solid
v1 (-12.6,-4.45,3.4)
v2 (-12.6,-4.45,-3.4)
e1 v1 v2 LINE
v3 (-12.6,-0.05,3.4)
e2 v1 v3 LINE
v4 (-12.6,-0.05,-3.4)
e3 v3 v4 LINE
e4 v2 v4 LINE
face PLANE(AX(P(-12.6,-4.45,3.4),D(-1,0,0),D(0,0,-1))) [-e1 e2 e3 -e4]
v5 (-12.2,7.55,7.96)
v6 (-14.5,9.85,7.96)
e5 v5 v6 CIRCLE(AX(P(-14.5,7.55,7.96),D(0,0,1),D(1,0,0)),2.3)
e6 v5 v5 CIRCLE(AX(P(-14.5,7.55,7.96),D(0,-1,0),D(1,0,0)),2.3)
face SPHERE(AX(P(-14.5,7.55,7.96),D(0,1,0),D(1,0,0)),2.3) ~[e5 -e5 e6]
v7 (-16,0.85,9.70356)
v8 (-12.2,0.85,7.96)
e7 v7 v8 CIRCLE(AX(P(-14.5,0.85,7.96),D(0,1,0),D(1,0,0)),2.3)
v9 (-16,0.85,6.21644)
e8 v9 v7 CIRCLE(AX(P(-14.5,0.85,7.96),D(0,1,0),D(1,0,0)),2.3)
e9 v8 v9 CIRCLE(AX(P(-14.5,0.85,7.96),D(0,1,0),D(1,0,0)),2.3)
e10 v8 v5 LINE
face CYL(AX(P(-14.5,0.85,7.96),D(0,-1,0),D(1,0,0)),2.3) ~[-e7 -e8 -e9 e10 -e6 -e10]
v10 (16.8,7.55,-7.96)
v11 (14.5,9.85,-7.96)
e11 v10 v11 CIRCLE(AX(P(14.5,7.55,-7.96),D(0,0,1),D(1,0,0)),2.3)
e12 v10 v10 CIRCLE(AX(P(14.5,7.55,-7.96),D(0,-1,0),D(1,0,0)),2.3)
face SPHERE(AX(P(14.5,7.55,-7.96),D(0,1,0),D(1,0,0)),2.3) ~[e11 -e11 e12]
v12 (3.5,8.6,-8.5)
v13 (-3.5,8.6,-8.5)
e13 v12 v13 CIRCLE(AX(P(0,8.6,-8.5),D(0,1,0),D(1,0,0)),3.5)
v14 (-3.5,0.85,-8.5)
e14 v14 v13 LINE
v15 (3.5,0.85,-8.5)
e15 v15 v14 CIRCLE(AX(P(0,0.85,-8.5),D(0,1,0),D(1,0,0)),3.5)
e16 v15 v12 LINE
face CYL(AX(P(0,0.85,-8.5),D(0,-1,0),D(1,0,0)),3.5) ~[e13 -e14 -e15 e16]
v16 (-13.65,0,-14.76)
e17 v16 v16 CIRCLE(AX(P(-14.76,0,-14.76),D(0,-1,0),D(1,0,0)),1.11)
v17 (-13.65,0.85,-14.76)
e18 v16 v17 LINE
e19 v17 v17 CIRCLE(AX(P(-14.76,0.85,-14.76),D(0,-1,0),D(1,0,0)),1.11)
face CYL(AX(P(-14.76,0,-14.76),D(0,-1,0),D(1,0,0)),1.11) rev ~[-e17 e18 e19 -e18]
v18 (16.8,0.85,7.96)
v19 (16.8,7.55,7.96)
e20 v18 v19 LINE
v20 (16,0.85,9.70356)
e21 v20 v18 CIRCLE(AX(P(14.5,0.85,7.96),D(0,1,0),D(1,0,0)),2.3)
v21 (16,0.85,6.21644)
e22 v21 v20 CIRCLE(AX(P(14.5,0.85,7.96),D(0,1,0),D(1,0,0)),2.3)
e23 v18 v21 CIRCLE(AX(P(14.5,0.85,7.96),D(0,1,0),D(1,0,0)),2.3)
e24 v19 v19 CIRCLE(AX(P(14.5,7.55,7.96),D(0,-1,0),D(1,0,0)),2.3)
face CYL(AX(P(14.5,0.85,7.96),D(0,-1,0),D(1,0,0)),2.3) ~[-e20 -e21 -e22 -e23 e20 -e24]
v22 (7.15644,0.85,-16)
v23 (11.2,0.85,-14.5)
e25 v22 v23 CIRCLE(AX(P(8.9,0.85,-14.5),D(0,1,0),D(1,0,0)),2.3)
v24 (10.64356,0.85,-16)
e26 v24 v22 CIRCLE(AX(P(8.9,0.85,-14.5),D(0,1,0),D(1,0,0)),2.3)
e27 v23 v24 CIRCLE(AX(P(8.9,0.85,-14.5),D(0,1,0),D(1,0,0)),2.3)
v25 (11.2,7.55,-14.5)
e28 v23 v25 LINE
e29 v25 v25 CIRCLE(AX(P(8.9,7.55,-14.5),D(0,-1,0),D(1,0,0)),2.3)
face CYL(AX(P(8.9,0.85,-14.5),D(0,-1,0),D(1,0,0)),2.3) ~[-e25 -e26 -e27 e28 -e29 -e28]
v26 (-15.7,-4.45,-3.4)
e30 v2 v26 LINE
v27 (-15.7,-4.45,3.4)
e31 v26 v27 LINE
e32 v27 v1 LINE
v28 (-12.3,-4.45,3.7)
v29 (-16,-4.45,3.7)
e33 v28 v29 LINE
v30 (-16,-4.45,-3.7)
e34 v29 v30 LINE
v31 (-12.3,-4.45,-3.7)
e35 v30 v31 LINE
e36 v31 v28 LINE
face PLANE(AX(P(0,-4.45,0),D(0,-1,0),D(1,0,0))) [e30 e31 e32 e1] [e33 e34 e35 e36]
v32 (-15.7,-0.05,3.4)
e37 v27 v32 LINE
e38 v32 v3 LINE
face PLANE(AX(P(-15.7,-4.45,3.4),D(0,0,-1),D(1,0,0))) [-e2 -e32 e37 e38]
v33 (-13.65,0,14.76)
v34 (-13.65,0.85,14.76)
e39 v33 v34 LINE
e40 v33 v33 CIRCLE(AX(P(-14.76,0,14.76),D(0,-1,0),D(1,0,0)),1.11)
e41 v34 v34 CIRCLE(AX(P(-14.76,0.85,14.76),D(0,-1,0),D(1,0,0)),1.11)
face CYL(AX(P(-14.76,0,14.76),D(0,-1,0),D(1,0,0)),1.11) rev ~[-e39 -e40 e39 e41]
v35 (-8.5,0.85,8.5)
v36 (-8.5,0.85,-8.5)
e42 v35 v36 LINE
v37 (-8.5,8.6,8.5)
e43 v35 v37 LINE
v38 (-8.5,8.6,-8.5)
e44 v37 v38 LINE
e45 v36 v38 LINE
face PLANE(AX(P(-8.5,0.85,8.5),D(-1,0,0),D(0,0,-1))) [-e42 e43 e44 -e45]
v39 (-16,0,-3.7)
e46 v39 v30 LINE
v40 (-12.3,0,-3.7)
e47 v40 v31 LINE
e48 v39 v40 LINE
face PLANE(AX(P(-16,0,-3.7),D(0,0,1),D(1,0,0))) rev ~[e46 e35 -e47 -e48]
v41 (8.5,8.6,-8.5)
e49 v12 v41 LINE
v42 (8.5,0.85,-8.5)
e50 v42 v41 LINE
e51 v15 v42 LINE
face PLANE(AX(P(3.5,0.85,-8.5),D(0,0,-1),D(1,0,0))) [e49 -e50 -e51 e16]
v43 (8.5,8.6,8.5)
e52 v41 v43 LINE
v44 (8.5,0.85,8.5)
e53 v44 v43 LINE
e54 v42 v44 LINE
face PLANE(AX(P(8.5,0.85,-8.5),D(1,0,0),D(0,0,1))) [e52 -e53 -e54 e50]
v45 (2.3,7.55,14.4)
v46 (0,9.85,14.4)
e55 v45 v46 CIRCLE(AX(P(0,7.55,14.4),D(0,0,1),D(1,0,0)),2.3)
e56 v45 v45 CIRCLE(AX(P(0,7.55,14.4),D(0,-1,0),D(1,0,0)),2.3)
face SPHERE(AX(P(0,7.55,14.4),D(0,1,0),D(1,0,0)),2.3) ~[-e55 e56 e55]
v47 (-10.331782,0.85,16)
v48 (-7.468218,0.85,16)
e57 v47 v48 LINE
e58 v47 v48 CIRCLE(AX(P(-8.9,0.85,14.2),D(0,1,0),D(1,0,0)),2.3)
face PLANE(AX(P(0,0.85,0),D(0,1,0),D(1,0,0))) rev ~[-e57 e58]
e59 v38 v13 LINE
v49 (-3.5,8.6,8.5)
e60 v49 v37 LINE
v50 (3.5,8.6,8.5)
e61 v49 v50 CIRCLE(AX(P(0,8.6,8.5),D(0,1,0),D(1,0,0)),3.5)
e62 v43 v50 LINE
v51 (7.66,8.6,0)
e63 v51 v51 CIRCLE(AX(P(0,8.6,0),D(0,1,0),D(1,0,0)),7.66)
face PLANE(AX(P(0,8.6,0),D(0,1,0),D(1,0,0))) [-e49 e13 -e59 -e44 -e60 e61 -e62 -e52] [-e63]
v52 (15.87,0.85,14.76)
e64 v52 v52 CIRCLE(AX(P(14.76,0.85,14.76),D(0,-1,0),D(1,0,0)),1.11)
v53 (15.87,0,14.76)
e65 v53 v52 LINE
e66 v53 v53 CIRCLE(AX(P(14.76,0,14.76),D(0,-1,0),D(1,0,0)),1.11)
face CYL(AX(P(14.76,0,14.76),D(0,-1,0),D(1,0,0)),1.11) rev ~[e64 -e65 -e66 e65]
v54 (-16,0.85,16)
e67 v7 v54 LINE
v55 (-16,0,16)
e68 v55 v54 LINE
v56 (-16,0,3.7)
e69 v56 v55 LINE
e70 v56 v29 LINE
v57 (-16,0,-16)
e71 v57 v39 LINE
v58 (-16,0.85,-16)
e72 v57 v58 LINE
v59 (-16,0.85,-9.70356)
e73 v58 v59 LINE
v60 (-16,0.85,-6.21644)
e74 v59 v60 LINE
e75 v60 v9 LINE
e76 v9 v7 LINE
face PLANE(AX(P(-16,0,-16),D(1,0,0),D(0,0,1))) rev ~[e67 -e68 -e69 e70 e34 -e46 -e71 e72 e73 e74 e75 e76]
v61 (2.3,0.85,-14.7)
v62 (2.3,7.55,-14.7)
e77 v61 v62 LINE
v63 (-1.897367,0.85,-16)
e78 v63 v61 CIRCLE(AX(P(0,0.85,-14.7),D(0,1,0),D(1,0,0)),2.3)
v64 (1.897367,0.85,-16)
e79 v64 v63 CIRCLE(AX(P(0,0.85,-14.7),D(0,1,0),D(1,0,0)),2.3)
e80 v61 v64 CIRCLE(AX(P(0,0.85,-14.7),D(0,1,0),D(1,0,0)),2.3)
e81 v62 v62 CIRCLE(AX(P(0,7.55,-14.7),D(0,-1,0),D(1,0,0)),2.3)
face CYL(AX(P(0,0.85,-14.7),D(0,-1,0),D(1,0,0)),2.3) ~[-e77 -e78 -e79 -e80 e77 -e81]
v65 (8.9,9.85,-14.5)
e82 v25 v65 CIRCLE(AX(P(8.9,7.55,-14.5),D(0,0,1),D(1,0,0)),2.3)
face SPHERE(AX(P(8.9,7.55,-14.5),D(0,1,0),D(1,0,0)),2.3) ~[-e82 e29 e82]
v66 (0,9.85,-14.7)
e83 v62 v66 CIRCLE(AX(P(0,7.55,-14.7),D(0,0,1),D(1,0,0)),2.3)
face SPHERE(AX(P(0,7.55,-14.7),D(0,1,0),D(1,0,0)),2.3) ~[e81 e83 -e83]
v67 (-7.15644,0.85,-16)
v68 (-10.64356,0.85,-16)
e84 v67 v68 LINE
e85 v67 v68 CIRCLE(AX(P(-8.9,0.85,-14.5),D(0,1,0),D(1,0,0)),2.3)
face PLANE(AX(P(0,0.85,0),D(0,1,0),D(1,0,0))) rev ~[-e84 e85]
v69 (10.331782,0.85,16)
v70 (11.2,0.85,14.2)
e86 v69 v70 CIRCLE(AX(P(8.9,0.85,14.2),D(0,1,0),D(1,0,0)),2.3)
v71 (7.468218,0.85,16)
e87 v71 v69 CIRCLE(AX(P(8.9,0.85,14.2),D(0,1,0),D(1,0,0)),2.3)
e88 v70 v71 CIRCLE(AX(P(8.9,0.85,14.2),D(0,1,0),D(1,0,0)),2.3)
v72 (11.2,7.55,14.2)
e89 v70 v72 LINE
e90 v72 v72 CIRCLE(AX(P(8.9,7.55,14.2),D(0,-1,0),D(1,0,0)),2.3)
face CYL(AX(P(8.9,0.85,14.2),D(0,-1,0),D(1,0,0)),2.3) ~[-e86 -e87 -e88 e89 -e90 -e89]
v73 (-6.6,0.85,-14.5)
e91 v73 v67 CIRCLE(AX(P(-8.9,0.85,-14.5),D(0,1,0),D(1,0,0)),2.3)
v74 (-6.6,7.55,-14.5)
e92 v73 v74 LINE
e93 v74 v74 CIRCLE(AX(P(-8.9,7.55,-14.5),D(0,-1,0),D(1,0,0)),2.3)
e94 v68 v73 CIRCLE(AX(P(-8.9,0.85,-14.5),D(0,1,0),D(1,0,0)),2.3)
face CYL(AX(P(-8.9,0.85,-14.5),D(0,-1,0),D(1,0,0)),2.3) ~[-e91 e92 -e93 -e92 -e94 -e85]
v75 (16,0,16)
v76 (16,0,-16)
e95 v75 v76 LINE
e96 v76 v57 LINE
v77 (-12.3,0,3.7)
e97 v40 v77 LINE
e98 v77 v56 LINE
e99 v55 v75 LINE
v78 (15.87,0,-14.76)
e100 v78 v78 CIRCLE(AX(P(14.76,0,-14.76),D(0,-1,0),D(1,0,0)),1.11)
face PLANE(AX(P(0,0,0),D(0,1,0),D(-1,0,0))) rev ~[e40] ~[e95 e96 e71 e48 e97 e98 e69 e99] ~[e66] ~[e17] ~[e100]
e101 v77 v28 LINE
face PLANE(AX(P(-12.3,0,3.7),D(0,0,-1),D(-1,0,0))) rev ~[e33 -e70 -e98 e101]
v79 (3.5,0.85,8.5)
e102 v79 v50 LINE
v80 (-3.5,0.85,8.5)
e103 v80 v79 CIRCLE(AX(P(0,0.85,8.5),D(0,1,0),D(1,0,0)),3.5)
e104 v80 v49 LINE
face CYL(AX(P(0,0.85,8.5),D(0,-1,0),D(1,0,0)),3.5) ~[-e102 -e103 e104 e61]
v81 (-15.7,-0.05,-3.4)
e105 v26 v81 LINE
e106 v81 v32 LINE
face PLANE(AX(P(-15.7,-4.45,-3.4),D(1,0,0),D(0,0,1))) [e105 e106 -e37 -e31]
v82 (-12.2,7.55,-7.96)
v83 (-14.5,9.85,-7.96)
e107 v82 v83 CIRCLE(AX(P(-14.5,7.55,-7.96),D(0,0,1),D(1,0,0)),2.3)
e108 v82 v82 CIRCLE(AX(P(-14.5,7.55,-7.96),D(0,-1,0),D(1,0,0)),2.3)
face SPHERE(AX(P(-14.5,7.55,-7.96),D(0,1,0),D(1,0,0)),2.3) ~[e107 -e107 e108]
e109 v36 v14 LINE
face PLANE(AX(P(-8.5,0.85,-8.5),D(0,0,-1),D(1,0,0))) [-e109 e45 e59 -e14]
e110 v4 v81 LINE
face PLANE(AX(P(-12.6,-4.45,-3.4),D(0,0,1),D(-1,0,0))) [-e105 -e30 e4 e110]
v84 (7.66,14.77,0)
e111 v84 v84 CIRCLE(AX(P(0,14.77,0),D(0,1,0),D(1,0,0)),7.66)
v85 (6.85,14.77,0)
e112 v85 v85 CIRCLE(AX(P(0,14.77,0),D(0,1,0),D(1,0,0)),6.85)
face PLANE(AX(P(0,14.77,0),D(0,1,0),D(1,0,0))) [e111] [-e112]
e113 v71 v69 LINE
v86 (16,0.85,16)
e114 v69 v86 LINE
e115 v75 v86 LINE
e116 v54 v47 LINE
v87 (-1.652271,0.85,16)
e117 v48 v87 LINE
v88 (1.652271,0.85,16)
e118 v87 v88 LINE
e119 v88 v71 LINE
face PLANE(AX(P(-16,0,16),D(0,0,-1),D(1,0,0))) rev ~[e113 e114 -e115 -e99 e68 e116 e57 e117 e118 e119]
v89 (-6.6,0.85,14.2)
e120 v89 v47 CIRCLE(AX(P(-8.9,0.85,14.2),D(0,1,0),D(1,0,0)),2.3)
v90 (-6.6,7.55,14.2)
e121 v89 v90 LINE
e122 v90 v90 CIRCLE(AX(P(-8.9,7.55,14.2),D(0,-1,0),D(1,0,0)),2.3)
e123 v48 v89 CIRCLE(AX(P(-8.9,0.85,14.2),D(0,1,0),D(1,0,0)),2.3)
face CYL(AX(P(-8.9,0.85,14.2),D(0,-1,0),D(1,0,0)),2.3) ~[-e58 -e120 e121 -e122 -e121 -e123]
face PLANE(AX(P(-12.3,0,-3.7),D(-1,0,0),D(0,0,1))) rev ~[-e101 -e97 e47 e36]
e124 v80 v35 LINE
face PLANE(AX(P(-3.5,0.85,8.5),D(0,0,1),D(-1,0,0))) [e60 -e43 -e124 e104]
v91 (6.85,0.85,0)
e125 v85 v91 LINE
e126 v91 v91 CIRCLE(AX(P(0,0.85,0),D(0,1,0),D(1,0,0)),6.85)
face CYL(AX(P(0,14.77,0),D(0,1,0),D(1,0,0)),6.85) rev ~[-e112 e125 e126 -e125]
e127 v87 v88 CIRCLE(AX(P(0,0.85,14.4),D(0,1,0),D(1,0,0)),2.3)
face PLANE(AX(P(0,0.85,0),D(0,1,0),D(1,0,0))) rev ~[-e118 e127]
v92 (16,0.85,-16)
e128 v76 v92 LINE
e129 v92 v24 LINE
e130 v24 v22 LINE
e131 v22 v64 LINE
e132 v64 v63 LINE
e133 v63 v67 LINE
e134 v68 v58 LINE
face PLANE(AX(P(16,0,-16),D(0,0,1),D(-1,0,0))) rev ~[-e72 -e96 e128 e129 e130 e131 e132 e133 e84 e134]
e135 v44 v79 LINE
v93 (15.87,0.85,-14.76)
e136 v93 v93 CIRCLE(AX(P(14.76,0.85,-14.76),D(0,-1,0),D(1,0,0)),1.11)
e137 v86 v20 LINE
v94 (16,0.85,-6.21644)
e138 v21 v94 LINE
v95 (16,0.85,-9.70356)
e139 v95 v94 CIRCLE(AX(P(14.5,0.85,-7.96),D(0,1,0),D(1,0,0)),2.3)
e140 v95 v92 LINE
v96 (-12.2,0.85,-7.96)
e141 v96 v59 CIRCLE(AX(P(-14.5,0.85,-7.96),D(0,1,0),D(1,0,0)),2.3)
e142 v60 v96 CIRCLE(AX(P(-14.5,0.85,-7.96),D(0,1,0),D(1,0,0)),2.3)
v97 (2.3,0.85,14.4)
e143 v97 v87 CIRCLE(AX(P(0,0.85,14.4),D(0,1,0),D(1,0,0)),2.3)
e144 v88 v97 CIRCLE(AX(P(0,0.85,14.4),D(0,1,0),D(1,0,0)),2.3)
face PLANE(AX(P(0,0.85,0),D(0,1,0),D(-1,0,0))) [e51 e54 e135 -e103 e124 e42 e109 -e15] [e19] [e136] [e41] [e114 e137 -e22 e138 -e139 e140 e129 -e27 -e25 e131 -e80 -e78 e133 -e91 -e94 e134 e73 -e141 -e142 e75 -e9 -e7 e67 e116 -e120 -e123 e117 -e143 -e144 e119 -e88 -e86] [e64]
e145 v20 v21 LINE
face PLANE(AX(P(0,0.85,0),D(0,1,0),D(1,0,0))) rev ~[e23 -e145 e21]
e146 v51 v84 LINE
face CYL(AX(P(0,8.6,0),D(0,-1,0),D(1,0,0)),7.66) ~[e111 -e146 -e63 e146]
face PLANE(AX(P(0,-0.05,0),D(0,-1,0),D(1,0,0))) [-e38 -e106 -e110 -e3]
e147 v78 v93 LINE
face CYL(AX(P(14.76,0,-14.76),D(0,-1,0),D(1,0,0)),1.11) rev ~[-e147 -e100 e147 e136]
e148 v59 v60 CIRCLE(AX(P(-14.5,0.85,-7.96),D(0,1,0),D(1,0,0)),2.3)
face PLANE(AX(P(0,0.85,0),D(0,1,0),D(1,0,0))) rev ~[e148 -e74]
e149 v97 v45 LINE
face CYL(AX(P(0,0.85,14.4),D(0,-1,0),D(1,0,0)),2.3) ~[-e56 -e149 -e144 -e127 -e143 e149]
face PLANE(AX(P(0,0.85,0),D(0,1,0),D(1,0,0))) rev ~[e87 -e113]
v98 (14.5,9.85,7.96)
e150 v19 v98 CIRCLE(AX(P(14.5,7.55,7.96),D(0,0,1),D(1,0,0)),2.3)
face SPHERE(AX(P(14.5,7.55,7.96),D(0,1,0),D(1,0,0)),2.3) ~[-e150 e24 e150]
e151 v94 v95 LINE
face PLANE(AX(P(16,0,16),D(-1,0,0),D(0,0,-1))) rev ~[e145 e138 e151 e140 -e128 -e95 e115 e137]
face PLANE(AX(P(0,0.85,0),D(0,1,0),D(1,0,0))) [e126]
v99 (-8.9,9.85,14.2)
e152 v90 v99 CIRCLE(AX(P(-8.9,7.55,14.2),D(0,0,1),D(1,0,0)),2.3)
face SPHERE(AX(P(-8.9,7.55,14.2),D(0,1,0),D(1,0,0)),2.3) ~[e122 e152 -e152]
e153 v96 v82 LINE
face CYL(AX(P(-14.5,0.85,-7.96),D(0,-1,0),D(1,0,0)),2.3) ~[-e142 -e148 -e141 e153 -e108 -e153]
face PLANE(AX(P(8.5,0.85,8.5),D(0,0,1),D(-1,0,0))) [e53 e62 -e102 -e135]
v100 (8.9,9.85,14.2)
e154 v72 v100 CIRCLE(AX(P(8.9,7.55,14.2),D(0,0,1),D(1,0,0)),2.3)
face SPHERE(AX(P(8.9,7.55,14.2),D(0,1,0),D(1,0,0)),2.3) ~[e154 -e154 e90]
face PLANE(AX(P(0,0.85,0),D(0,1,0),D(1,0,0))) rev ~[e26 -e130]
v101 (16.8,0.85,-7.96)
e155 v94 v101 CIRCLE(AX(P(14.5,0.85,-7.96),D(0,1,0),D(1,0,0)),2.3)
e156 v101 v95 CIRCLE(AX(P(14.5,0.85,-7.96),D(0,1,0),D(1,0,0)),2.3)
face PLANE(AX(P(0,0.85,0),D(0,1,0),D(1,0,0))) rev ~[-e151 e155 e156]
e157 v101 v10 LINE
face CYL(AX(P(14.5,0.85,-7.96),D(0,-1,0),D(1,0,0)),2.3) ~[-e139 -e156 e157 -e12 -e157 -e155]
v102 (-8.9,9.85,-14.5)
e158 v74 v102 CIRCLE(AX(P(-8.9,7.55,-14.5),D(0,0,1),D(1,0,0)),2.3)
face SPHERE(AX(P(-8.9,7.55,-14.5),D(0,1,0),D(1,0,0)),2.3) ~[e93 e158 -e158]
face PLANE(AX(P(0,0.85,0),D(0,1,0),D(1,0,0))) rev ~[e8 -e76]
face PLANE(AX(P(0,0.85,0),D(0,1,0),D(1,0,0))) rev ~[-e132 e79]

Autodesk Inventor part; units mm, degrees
ref_plane "YZ Plane" through (0, 0, 0) normal (1, 0, 0) x (0, 1, 0)
ref_plane "XZ Plane" through (0, 0, 0) normal (0, 1, 0) x (-1, 0, 0)
ref_plane "XY Plane" through (0, 0, 0) normal (0, 0, 1) x (1, 0, 0)
sketch "Sketch1" plane through (0, 0, 0) normal (0, 1, 0) x (-1, 0, 0)
  line L0 (16, 16) -> (-16, 16)
  line L1 (-16, 16) -> (-16, -16)
  line L2 (-16, -16) -> (16, -16)
  line L3 (16, -16) -> (16, 16)
  line L4 (16, 16) -> (-16, -16) construction
  line L5 (-16, 16) -> (16, -16) construction
  point P0 (0, 0)
  dimension "d0" = 32
  dimension "d1" = 32
extrude "Extrusion1" add sketch "Sketch1" along normal blind 0.85
sketch "Sketch2" plane through (0, 0.85, 0) normal (0, 1, 0) x (1, 0, 0)
  line L0 (-8.5, 8.5) -> (8.5, 8.5)
  line L1 (8.5, 8.5) -> (8.5, -8.5)
  line L2 (8.5, -8.5) -> (-8.5, -8.5)
  line L3 (-8.5, -8.5) -> (-8.5, 8.5)
  line L4 (-8.5, 8.5) -> (8.5, -8.5) construction
  line L5 (8.5, 8.5) -> (-8.5, -8.5) construction
  circle A0 centre (0, 8.5) radius 3.5
  circle A1 centre (0, -8.5) radius 3.5
  point P0 (0, 0)
  point P1 (3.5, 8.5)
  point P2 (-3.5, 8.5)
  point P3 (-3.5, -8.5)
  point P4 (3.5, -8.5)
  dimension "d4" = 17
  dimension "d5" = 17
  dimension "d6" = 7
  dimension "d7" = 7
extrude "Extrusion2" add sketch "Sketch2" along normal blind 7.75
sketch "Sketch3" plane through (0, 8.6, 0) normal (0, 1, 0) x (1, 0, 0)
  circle A0 centre (0, 0) radius 7.66
  dimension "d10" = 15.32
extrude "Extrusion3" add sketch "Sketch3" along normal blind 6.17
sketch "Sketch4" plane through (0, 14.77, 0) normal (0, 1, 0) x (1, 0, 0)
  circle A0 centre (0, 0) radius 6.85
  dimension "d13" = 13.7
extrude "Extrusion4" cut sketch "Sketch4" against normal blind 13.92
sketch "Sketch5" plane through (0, 0.85, 0) normal (0, 1, 0) x (1, 0, 0)
  point P0 (0, 0)
sketch "Sketch6" plane through (0, 0, 0) normal (0, -1, 0) x (1, 0, 0)
  line L0 (16, 16) -> (16, -16) projected
  line L1 (-16, 16) -> (16, 16) projected
  circle A0 centre (-14.76, 14.76) radius 1.11
  circle A1 centre (14.76, -14.76) radius 1.11
  line L2 (16, -16) -> (-16, -16) projected
  circle A2 centre (14.76, 14.76) radius 1.11
  circle A3 centre (-14.76, -14.76) radius 1.11
  point P0 (0, 0)
  dimension "d23" = 2.22
  dimension "d24" = 2.22
  dimension "d26" = 1.24
  dimension "d28" = 1.24
  dimension "d29" = 1.24
  dimension "d30" = 2.22
  dimension "d31" = 2.22
extrude "Extrusion5" cut sketch "Sketch6" against normal blind 0.85
sketch "Sketch9" plane through (0, 0.85, 0) normal (0, 1, 0) x (1, 0, 0)
  circle A0 centre (-8.9, 14.5) radius 2.3
  line L0 (16, 16) -> (-16, 16) projected
  line L1 (-16, 16) -> (-16, -16) projected
  circle A1 centre (8.9, 14.5) radius 2.3
  line L2 (16, -16) -> (16, 16) projected
  point P0 (0, 0)
  dimension "d34" = 4.6
  dimension "d35" = 1.5
  dimension "d36" = 7.1
  dimension "d37" = 4.6
  dimension "d38" = 1.5
  dimension "d39" = 7.1
sketch "Sketch10" plane through (0, 0.85, 0) normal (0, 1, 0) x (1, 0, 0)
  circle A0 centre (0, 14.7) radius 2.3
  line L0 (16, 16) -> (-16, 16) projected
  line L1 (16, -16) -> (16, 16) projected
  point P0 (0, 0)
  dimension "d40" = 4.6
  dimension "d41" = 1.3
  dimension "d42" = 16
sketch "Sketch11" plane through (0, 0.85, 0) normal (0, 1, 0) x (1, 0, 0)
  circle A0 centre (-8.9, -14.2) radius 2.3
  circle A1 centre (0, -14.4) radius 2.3
  circle A2 centre (8.9, -14.2) radius 2.3
  circle A3 centre (-14.5, 7.96) radius 2.3
  circle A4 centre (14.5, 7.96) radius 2.3
  circle A5 centre (14.5, -7.96) radius 2.3
  circle A6 centre (-14.5, -7.96) radius 2.3
  line L0 (16, 16) -> (-16, 16) projected
  line L1 (16, -16) -> (16, 16) projected
  line L2 (-16, -16) -> (16, -16) projected
  line L3 (-16, 16) -> (-16, -16) projected
  point P0 (0, 0)
  dimension "d43" = 4.6
  dimension "d44" = 4.6
  dimension "d45" = 4.6
  dimension "d46" = 4.6
  dimension "d47" = 4.6
  dimension "d48" = 4.6
  dimension "d49" = 4.6
  dimension "d50" = 8.04
  dimension "d51" = 1.5
  dimension "d52" = 8.04
  dimension "d53" = 1.5
  dimension "d54" = 8.04
  dimension "d55" = 1.5
  dimension "d56" = 1.5
  dimension "d57" = 8.04
  dimension "d58" = 7.1
  dimension "d59" = 1.8
  dimension "d60" = 7.1
  dimension "d61" = 1.8
  dimension "d62" = 16
  dimension "d63" = 1.6
extrude "Extrusion6" add sketch "Sketch11" along normal blind 9 contours A0 L2 | L2 A0 | L2 A1 | A1 L2 | L3 A6 | A6 L3 | L2 A2 | A2 L2 | L3 A3 | A3 L3 | L1 A5 | A5 L1 | L1 A4 | A4 L1
extrude "Extrusion7" add sketch "Sketch9" along normal blind 9
extrude "Extrusion8" add sketch "Sketch10" along normal blind 9
fillet "Fillet1" radius 2.3 10 edges at (6.6, 9.85, -14.5) (-2.3, 9.85, -14.7) (-11.2, 9.85, -14.5) (-16.8, 9.85, -7.96) (-16.8, 9.85, 7.96) (-11.2, 9.85, 14.2) (-2.3, 9.85, 14.4) (6.6, 9.85, 14.2) (12.2, 9.85, 7.96) (12.2, 9.85, -7.96)
sketch "Sketch12" plane through (0, 0, 0) normal (0, -1, 0) x (1, 0, 0)
  line L0 (-16, -3.7) -> (-12.3, -3.7)
  line L1 (-12.3, -3.7) -> (-12.3, 3.7)
  line L2 (-12.3, 3.7) -> (-16, 3.7)
  line L3 (-16, 3.7) -> (-16, -3.7)
  line L4 (-16, -3.7) -> (-12.3, 3.7) construction
  line L5 (-12.3, -3.7) -> (-16, 3.7) construction
  line L6 (-16, -16) -> (-16, 16) projected
  line L7 (-16, 16) -> (16, 16) projected
  point P0 (0, 0)
  point P1 (-14.15, 0)
  dimension "d71" = 3.7
  dimension "d72" = 7.4
  dimension "d73" = 0
  dimension "d74" = 12.3
extrude "Extrusion9" add sketch "Sketch12" along normal blind 4.45
sketch "Sketch13" plane through (0, -4.45, 0) normal (0, -1, 0) x (1, 0, 0)
  line L0 (-15.7, 3.4) -> (-12.6, 3.4)
  line L1 (-12.6, 3.4) -> (-12.6, -3.4)
  line L2 (-12.6, -3.4) -> (-15.7, -3.4)
  line L3 (-15.7, -3.4) -> (-15.7, 3.4)
  line L4 (-15.7, 3.4) -> (-12.6, -3.4) construction
  line L5 (-12.6, 3.4) -> (-15.7, -3.4) construction
  line L6 (-16, 3.7) -> (-16, -3.7) projected
  line L7 (-12.3, 3.7) -> (-16, 3.7) projected
  point P0 (0, 0)
  point P1 (-14.15, 0)
  dimension "d77" = 3.1
  dimension "d78" = 6.8
  dimension "d79" = 0.3
  dimension "d80" = 0.3
extrude "Extrusion10" cut sketch "Sketch13" against normal blind 4.4
properties part number "new camera'"
